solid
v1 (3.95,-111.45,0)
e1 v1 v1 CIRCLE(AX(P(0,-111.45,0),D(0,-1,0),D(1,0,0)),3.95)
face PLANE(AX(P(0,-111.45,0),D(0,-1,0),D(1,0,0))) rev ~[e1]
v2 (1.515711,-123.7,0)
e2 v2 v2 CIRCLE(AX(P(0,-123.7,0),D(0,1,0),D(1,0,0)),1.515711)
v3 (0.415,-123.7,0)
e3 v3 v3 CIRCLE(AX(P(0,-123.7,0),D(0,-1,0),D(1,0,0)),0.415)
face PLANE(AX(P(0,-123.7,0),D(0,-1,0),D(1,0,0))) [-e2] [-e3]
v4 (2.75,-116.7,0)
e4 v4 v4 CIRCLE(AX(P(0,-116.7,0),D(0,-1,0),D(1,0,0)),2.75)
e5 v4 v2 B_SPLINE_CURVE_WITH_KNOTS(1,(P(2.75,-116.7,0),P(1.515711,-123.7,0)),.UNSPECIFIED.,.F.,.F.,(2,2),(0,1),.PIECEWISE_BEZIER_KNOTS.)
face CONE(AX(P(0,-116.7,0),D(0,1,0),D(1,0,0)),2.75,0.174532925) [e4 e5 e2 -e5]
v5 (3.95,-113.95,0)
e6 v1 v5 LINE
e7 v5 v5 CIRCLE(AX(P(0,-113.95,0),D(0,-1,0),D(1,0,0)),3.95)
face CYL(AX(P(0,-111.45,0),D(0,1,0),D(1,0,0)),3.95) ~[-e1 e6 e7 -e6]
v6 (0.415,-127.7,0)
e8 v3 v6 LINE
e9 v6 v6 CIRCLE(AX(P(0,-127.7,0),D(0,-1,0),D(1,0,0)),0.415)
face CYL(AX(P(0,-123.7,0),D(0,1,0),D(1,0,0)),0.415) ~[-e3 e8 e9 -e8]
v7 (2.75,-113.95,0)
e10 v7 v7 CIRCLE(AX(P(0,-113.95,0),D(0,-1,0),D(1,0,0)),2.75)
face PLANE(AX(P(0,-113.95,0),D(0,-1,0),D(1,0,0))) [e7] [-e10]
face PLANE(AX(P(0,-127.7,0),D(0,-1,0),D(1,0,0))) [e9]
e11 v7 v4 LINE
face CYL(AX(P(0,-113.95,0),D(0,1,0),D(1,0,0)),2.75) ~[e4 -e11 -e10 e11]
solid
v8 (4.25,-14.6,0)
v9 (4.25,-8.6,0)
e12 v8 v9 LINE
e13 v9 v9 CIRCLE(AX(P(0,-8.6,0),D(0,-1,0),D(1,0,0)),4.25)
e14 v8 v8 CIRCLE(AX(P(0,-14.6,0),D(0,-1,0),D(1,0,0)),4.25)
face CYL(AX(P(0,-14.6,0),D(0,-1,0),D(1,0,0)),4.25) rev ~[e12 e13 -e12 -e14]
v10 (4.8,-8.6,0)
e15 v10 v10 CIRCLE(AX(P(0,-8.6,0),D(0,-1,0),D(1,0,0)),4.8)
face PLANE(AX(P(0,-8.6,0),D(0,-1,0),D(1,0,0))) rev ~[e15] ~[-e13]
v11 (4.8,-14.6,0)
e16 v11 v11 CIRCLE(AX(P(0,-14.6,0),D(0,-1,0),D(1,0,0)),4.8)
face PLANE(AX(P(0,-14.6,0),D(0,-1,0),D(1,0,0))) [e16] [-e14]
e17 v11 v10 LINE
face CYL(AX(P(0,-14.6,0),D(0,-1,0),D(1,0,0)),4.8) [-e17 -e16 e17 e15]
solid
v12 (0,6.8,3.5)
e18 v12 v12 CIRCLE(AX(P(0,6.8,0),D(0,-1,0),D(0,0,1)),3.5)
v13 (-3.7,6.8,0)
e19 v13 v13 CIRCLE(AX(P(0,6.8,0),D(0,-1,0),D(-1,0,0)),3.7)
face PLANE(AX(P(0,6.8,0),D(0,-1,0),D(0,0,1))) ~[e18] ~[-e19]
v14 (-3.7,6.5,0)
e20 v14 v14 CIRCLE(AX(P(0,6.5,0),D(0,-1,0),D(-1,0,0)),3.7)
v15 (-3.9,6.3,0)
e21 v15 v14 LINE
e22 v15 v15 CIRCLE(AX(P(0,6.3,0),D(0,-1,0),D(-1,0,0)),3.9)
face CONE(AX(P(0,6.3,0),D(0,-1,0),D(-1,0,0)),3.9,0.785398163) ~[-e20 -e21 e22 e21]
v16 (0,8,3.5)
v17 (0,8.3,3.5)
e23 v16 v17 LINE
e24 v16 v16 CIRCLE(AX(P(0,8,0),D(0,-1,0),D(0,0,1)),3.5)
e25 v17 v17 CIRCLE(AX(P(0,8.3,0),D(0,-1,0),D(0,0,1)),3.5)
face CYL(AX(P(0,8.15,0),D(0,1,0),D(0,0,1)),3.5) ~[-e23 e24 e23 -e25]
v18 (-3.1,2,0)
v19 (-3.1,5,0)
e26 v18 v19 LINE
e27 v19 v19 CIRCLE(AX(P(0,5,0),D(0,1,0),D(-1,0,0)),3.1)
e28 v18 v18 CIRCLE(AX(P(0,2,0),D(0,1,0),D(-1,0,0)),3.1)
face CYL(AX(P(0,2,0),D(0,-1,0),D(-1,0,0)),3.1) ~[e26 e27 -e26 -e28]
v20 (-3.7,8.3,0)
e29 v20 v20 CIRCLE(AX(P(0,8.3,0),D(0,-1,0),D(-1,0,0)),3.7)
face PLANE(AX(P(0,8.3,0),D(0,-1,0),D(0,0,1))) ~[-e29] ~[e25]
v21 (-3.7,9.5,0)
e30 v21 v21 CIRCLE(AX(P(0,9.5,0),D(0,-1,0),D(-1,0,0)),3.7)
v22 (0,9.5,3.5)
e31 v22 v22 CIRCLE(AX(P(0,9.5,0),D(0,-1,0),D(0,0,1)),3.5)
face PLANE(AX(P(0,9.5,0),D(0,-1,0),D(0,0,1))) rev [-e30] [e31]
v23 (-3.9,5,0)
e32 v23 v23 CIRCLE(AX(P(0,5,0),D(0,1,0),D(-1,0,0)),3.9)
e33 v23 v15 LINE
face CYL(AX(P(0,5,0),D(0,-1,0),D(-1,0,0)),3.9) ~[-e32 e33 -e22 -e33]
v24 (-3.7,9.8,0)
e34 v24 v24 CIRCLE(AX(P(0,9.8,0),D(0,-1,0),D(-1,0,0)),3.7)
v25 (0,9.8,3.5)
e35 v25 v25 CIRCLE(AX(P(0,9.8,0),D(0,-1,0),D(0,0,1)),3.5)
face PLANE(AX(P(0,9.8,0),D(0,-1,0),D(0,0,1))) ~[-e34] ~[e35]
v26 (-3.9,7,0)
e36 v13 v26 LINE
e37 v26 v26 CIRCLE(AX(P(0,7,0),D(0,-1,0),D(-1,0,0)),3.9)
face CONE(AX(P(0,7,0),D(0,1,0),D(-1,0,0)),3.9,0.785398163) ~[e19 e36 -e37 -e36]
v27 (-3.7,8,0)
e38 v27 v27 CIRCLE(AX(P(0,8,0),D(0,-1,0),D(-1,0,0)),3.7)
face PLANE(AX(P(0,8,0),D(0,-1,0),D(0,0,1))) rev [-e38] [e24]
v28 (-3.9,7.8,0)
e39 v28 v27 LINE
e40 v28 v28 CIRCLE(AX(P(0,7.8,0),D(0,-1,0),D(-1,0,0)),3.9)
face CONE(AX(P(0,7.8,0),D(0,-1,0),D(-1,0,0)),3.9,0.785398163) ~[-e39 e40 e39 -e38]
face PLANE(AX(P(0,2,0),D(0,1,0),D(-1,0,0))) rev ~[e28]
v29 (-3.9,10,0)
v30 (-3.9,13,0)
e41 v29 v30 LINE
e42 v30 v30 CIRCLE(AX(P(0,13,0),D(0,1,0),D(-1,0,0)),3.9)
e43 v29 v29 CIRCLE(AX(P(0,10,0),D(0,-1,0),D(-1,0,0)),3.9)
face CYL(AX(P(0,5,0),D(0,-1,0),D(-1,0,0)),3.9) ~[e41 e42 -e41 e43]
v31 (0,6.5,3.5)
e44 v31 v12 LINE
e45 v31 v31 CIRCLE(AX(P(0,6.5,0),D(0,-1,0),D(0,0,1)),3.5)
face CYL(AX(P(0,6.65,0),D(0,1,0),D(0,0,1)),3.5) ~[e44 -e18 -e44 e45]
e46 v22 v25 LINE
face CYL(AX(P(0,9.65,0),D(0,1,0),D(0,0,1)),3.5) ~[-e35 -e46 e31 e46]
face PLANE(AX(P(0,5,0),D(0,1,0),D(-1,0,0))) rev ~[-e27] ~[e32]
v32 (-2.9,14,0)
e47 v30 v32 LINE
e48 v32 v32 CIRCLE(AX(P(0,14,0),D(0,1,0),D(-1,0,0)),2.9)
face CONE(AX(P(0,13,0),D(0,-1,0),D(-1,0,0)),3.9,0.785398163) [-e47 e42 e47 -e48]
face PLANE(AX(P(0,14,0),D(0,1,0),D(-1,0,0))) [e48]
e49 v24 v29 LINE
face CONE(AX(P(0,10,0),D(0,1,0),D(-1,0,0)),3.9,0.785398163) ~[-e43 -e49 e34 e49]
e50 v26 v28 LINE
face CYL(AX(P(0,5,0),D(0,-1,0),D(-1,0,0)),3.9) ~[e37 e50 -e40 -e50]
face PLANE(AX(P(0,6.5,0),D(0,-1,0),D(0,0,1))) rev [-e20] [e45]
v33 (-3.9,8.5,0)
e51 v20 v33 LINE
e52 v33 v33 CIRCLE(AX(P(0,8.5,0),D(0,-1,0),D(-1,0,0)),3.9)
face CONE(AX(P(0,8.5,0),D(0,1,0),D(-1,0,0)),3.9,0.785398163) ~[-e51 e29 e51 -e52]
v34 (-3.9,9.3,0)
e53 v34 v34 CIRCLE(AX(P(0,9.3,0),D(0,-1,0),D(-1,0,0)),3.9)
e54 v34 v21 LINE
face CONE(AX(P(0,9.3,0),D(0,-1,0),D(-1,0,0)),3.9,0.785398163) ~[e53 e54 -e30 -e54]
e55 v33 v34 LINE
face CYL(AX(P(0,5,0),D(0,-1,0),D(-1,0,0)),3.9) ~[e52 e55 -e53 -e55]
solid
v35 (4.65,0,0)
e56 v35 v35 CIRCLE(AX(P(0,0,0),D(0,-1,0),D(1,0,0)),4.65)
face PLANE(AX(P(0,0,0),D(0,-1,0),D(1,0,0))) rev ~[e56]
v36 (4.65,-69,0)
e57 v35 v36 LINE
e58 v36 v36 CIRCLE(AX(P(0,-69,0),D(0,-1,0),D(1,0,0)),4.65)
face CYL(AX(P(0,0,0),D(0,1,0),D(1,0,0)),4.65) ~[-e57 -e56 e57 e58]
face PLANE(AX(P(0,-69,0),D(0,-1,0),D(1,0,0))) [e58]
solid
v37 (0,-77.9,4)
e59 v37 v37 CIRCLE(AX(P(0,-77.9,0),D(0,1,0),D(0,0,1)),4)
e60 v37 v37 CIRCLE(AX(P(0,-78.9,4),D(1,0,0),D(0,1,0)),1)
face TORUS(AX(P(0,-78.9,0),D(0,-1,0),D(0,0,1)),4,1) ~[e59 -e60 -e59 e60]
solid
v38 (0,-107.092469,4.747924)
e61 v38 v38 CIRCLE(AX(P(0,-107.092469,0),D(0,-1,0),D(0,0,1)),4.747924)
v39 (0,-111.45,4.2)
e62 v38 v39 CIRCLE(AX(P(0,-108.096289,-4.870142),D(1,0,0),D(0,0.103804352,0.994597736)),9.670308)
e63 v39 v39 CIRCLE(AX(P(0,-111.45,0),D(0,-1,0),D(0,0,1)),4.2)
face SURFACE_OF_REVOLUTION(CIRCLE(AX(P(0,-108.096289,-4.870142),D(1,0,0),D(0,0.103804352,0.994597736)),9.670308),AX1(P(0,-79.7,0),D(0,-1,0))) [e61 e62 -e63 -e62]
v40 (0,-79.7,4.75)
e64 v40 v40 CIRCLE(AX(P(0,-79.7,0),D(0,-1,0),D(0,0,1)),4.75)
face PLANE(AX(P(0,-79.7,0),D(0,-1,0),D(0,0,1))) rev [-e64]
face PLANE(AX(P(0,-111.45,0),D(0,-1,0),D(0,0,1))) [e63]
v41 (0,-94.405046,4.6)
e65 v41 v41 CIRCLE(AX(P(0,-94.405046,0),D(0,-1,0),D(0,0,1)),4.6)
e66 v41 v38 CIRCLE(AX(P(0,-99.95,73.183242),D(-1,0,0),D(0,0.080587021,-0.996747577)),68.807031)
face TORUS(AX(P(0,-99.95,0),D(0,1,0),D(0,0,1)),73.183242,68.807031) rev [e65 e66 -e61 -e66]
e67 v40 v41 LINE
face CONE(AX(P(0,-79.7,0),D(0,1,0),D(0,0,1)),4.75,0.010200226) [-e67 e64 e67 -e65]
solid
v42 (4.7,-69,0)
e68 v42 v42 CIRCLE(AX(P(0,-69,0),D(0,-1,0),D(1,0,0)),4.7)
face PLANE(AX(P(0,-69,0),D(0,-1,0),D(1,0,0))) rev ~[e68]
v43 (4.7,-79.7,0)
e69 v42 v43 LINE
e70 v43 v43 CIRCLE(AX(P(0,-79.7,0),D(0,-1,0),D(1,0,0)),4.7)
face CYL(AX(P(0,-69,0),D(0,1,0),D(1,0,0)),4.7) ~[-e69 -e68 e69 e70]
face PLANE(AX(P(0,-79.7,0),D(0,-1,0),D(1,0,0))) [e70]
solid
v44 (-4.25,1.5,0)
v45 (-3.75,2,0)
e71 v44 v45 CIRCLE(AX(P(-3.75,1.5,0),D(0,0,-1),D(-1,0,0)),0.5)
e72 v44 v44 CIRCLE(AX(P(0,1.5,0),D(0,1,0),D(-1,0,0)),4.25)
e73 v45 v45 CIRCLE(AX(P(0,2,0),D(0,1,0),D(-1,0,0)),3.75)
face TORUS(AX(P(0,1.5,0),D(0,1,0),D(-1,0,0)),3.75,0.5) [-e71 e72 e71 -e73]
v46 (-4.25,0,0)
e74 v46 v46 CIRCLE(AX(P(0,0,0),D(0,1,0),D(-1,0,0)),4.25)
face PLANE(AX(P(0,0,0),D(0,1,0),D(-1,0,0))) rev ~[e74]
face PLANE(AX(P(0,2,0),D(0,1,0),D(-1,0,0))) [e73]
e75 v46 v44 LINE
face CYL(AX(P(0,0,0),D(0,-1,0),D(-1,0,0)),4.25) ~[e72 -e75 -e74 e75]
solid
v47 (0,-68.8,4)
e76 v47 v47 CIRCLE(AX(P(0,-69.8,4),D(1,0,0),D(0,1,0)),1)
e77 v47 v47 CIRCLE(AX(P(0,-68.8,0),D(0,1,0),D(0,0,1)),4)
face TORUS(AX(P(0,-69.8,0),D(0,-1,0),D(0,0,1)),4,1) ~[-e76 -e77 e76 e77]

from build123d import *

# Parameters (mm, degrees)
F0_R      = 4.65
F1_DEPTH  = 69
F2_R      = 4.7
F3_DEPTH  = 10.7
F7_R      = 1
F9_R      = 3.95
F10_DEPTH = 2.5
F11_R     = 2.75
F12_DEPTH = 2.75
F13_R     = 2.75
F14_DEPTH = 7
F14_TAPER = 10
F15_R     = 0.415
F16_DEPTH = 4
F17_R     = 4.25
F18_DEPTH = 2
F19_R     = 3.1
F20_DEPTH = 3
F21_R     = 0.5
F22_R     = 3.9
F23_DEPTH = 9
F24_SIZE  = 1
F25_W     = 0.3
F25_H     = 1
F27_SIZE  = 0.2
F29_R     = 4.8
F29_R_2   = 4.25
F30_DEPTH = 6


with BuildPart() as f1:
    # F0 (on Front) → F1 (new body)
    with BuildSketch(Plane.XZ):
        Circle(F0_R)
    extrude(amount=F1_DEPTH)


with BuildPart() as f3:
    # F2 (on face) → F3 (new body)
    with BuildSketch(Plane.XZ.offset(69)):
        Circle(F2_R)
    extrude(amount=F3_DEPTH)


with BuildPart() as f5:
    # F4 (on Right) → F5 (revolve)
    with BuildSketch(Plane.YZ):
        with BuildLine():
            Line((-111.45, 0), (-79.7, 0))
            Line((-79.7, 0), (-79.7, 4.75))
            Line((-79.7, 4.75), (-94.4050463234, 4.6))
            ThreePointArc((-94.4050463234, 4.6), (-100.7521748167, 4.3808865879), (-107.092469306, 4.7479241692))
            ThreePointArc((-107.092469306, 4.7479241692), (-109.302751818, 4.7246117579), (-111.45, 4.2))
            Line((-111.45, 4.2), (-111.45, 0))
        make_face()
    revolve(axis=Axis((0, -79.7, 0), (0, -1, 0)))


with BuildPart() as f8:
    # F7 (on Right) → F8 (revolve)
    with BuildSketch(Plane.YZ):
        with Locations((-78.9, 4)):
            Circle(F7_R)
    revolve(axis=Axis((0, -69, 0), (0, 1, 0)))


with BuildPart() as f8b:
    # F7 (on Right) → F8, piece 2 (revolve)
    with BuildSketch(Plane.YZ):
        with Locations((-69.8, 4)):
            Circle(F7_R)
    revolve(axis=Axis((0, -69, 0), (0, 1, 0)))


with BuildPart() as f10:
    # F9 (on face) → F10 (new body)
    with BuildSketch(Plane.XZ.offset(111.45)):
        Circle(F9_R)
    extrude(amount=F10_DEPTH)

    # F11 (on face) → F12 (join)
    with BuildSketch(Plane.XZ.offset(113.95)):
        Circle(F11_R)
    extrude(amount=F12_DEPTH)

    # F13 (on face) → F14 (join)
    with BuildSketch(Plane.XZ.offset(116.7)):
        Circle(F13_R)
    extrude(amount=F14_DEPTH, taper=F14_TAPER)

    # F15 (on face) → F16 (join)
    with BuildSketch(Plane.XZ.offset(123.7)):
        Circle(F15_R)
    extrude(amount=F16_DEPTH)


with BuildPart() as f18:
    # F17 (on face) → F18 (new body)
    with BuildSketch(Plane(origin=(0, 0, 0), x_dir=(-1, 0, 0), z_dir=(0, 1, 0))):
        Circle(F17_R)
    extrude(amount=F18_DEPTH)

    # F21
    f21_edges = [f18.edges().sort_by_distance(p)[0] for p in [
        (4.25, 2, 0),
    ]]
    fillet(f21_edges, radius=F21_R)


with BuildPart() as f20:
    # F19 (on face) → F20 (new body)
    with BuildSketch(Plane(origin=(0, 2, 0), x_dir=(-1, 0, 0), z_dir=(0, 1, 0))):
        Circle(F19_R)
    extrude(amount=F20_DEPTH)

    # F22 (on face) → F23 (join)
    with BuildSketch(Plane(origin=(0, 5, 0), x_dir=(-1, 0, 0), z_dir=(0, 1, 0))):
        Circle(F22_R)
    extrude(amount=F23_DEPTH)

    # F24
    f24_edges = [f20.edges().sort_by_distance(p)[0] for p in [
        (3.9, 14, 0),
    ]]
    chamfer(f24_edges, length=F24_SIZE)

    # F25 (on Right) → F26 (revolve, cut)
    with BuildSketch(Plane.YZ):
        with Locations((6.65, 4)):
            Rectangle(F25_W, F25_H)
        with Locations((8.15, 4)):
            Rectangle(F25_W, F25_H)
        with Locations((9.65, 4)):
            Rectangle(F25_W, F25_H)
    revolve(axis=Axis((0, 5, 0), (0, -1, 0)), mode=Mode.SUBTRACT)

    # F27
    f27_edges = [f20.edges().sort_by_distance(p)[0] for p in [
        (3.9, 6.5, 0),
        (3.9, 6.8, 0),
        (3.9, 8, 0),
        (3.9, 8.3, 0),
        (3.9, 9.5, 0),
        (3.9, 9.8, 0),
    ]]
    chamfer(f27_edges, length=F27_SIZE)


with BuildPart() as f30:
    # F29 (on offset) → F30 (new body)
    with BuildSketch(Plane.XZ.offset(14.6)):
        Circle(F29_R)
        Circle(F29_R_2, mode=Mode.SUBTRACT)
    extrude(amount=-F30_DEPTH)


solid = Compound([f1.part, f3.part, f5.part, f8.part, f8b.part, f10.part, f18.part, f20.part, f30.part])
